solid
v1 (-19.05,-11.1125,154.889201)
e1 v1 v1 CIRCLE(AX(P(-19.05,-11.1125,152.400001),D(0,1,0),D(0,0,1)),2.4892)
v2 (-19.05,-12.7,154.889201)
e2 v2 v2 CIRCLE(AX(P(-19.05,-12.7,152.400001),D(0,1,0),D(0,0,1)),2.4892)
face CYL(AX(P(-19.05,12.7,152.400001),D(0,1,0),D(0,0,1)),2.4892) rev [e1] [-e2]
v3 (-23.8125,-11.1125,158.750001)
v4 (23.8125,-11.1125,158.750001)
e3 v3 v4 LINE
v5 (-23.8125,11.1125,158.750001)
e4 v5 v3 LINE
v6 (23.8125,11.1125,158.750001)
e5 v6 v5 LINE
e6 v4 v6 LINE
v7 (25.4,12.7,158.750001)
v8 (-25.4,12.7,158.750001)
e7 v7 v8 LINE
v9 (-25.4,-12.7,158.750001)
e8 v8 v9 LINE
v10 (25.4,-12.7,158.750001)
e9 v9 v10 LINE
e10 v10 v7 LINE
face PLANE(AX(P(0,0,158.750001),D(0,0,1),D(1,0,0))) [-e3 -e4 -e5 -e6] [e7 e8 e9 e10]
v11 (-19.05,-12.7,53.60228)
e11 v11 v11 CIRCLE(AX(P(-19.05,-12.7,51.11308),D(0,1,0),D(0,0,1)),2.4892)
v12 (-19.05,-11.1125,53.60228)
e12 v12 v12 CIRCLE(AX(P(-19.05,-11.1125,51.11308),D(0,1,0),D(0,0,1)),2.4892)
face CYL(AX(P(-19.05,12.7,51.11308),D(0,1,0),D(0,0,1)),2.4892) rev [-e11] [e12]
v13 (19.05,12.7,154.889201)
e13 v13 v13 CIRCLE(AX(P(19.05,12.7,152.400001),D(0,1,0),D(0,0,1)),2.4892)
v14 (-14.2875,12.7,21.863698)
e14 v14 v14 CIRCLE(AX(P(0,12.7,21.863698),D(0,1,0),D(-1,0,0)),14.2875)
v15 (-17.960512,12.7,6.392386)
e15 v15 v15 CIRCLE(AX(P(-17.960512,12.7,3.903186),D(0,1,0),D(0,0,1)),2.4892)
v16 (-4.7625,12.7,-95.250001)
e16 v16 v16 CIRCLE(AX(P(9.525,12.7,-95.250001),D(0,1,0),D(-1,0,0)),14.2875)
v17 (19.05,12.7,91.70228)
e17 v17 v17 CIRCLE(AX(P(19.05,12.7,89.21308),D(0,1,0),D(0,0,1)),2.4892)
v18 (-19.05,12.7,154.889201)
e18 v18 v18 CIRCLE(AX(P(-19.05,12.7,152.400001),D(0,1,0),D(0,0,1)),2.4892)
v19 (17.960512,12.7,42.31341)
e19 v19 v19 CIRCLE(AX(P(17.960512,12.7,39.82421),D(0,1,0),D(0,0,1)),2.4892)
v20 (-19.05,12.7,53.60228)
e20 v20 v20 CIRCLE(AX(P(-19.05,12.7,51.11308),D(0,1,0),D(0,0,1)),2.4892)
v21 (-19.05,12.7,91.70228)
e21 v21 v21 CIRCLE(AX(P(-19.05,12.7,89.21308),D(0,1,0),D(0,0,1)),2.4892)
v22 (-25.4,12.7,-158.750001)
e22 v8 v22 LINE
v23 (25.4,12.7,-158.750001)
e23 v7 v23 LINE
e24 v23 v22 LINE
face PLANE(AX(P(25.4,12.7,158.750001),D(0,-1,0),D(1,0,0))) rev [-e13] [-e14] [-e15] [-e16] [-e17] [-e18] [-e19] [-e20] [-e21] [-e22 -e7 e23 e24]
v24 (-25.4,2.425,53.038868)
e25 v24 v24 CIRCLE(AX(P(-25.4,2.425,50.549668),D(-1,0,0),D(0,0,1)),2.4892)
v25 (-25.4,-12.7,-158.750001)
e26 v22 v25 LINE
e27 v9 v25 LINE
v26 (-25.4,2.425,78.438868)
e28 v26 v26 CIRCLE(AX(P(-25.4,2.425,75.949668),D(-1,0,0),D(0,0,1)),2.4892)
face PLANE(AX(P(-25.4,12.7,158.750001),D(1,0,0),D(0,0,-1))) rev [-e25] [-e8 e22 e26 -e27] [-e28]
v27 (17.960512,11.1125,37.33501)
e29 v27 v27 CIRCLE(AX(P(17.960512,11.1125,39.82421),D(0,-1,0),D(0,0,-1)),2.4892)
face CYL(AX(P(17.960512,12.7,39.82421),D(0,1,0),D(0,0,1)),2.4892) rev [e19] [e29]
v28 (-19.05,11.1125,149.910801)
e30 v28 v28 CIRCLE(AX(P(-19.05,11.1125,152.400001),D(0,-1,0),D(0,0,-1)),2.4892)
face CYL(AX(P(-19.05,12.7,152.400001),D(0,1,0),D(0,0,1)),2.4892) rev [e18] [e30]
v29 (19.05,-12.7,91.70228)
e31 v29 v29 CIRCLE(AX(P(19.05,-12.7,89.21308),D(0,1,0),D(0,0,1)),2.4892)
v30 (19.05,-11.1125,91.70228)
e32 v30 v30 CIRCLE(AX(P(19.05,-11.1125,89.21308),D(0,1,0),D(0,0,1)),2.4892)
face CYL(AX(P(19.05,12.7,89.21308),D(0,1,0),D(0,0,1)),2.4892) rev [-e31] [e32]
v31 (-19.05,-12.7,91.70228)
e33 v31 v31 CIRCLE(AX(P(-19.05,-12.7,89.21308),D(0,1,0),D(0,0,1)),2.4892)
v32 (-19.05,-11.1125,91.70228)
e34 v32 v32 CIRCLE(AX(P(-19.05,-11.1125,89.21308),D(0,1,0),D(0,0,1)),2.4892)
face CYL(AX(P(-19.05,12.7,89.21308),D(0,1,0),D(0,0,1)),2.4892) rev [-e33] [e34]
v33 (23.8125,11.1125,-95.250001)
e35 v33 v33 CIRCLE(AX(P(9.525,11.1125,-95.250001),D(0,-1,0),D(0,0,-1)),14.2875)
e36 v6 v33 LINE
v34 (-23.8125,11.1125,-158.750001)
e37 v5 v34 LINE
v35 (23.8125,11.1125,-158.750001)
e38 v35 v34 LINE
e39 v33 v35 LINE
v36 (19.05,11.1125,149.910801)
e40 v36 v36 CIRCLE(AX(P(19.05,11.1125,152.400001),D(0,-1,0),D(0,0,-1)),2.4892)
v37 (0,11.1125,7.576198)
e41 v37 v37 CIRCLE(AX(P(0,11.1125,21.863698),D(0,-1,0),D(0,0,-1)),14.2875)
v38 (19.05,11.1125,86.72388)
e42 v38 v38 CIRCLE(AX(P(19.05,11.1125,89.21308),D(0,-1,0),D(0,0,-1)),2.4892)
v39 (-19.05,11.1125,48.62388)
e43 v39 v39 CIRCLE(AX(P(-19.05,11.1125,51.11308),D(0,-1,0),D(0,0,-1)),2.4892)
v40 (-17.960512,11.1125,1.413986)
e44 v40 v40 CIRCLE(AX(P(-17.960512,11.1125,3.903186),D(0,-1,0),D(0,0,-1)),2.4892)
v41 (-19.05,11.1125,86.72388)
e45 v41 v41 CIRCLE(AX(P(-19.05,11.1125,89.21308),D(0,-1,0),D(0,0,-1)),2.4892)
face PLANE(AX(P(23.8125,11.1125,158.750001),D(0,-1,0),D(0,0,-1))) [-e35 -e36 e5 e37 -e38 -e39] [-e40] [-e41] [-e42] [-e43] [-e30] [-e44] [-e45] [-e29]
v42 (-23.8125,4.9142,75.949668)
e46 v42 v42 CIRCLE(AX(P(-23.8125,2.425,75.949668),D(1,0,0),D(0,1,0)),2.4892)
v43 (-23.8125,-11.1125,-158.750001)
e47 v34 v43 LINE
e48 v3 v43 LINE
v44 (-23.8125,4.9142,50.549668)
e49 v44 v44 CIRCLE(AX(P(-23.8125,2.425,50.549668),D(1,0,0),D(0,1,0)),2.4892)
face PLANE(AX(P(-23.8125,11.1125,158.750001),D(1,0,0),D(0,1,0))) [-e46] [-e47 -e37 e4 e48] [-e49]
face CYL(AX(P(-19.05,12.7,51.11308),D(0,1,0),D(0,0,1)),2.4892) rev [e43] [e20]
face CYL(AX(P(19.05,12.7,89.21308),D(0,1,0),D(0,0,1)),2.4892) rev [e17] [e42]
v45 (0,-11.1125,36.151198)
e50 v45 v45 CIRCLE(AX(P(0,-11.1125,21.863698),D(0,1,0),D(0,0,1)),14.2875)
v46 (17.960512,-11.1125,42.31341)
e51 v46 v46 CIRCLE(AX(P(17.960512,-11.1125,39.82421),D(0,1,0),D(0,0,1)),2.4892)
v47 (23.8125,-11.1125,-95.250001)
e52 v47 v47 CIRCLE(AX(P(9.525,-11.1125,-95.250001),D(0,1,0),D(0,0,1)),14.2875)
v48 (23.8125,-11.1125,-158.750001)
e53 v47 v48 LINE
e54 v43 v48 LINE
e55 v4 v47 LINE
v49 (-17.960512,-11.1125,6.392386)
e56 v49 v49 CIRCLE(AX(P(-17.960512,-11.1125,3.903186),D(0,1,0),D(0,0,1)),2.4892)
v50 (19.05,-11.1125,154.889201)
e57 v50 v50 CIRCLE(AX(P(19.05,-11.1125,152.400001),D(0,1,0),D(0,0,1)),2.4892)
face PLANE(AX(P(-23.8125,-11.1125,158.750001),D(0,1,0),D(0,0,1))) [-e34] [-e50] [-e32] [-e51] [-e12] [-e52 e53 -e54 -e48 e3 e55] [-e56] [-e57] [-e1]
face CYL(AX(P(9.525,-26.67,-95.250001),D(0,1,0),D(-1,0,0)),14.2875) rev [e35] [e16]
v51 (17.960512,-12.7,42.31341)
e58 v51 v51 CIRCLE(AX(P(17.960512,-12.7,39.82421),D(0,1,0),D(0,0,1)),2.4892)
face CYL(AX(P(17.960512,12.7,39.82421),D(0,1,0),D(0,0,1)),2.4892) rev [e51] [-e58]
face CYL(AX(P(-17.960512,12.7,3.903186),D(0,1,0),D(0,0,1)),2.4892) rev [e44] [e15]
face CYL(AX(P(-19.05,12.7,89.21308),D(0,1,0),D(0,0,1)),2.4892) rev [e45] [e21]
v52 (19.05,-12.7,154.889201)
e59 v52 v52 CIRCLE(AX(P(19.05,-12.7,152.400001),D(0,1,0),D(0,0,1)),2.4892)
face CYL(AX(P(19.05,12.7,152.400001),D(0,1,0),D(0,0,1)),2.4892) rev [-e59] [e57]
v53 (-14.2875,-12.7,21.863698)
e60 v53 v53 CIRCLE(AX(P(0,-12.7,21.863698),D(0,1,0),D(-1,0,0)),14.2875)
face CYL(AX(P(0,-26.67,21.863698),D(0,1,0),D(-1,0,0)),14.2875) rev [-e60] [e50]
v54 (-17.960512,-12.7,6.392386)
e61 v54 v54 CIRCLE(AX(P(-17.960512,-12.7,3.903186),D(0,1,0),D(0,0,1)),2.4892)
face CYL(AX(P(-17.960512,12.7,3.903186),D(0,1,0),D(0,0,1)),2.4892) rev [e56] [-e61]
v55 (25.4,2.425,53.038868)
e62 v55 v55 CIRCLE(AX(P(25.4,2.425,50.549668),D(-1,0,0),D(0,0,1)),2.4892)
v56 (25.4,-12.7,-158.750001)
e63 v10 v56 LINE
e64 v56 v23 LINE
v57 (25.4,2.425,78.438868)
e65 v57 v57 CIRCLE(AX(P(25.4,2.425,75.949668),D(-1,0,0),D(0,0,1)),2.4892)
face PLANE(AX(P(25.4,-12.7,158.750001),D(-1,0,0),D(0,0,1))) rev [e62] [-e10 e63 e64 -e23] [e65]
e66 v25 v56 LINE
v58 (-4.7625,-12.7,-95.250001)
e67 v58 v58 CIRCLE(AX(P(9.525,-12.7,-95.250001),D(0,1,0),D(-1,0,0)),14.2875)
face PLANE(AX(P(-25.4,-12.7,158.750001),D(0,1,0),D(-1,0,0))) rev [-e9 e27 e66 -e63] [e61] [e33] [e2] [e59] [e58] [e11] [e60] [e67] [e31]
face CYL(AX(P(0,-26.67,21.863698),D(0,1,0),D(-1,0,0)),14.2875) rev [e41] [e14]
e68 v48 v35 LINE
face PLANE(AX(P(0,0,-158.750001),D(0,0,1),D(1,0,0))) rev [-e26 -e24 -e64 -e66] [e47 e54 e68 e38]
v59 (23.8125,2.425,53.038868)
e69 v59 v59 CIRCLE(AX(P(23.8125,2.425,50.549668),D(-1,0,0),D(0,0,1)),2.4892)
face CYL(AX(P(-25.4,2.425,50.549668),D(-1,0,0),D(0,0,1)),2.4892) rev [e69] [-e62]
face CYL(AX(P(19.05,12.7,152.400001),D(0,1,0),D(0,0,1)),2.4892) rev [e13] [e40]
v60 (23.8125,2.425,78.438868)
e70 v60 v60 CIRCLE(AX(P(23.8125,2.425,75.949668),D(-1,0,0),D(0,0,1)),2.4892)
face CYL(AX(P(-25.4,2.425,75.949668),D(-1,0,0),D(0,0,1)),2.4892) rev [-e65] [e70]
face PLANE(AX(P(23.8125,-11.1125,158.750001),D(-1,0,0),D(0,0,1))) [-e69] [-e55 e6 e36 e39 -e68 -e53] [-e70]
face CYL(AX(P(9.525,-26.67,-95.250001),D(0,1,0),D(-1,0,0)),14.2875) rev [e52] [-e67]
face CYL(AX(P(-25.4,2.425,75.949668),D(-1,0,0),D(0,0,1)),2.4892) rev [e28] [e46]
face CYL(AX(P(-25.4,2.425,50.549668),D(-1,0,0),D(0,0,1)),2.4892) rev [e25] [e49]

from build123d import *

# Parameters (mm, degrees)
BOSS_EXTRUDE1_DEPTH      = 158.750001
BOSS_EXTRUDE1_DEPTH_BACK = 158.750001
SKETCH3_W                = 50.8
SKETCH3_H                = 25.4
SKETCH3_W_2              = 47.625
SKETCH3_H_2              = 22.225
SKETCH4_R                = 14.2875
CUT_EXTRUDE1_DEPTH       = 39.37
F_10_CLEARANCE_HOLE1_D   = 4.9784
F_10_CLEARANCE_HOLE2_D   = 4.9784
F_10_CLEARANCE_HOLE3_D   = 4.9784


with BuildPart() as part:
    # Sketch3 → Boss-Extrude1 (new, two sides: drawn at the far end of the back side and taken through both)
    with BuildSketch(Plane.XY.offset(-BOSS_EXTRUDE1_DEPTH_BACK)):
        Rectangle(SKETCH3_W, SKETCH3_H)
        Rectangle(SKETCH3_W_2, SKETCH3_H_2, mode=Mode.SUBTRACT)
    extrude(amount=BOSS_EXTRUDE1_DEPTH + BOSS_EXTRUDE1_DEPTH_BACK)

    # Sketch4 → Cut-Extrude1 (cut)
    with BuildSketch(Plane(origin=(0, 12.7, 0), x_dir=(1, 0, 0), z_dir=(0, 1, 0))):
        with Locations(Location((9.525, 95.250000508, 0), (0, 0, 180))):
            Circle(SKETCH4_R)
        with Locations(Location((0, -21.863697987, 0), (0, 0, 180))):
            Circle(SKETCH4_R)
    extrude(amount=-CUT_EXTRUDE1_DEPTH, mode=Mode.SUBTRACT)

    # #10 Clearance Hole1 (through all)
    with Locations(Plane(origin=(0, 12.7, 0), x_dir=(1, 0, 0), z_dir=(0, 1, 0))):
        with Locations((-17.960512242, -3.903185745), (17.960512242, -39.824210229)):
            Hole(F_10_CLEARANCE_HOLE1_D / 2)

    # #10 Clearance Hole2 (through all)
    with Locations(Plane.ZY.offset(25.4)):
        with Locations((50.549668409, 2.425), (75.949668409, 2.425)):
            Hole(F_10_CLEARANCE_HOLE2_D / 2)

    # #10 Clearance Hole3 (through all)
    with Locations(Plane(origin=(0, 12.7, 0), x_dir=(1, 0, 0), z_dir=(0, 1, 0))):
        with Locations((-19.05, -51.113080493), (-19.05, -89.213080493), (19.05, -89.213080493), (19.05, -152.400000508), (-19.05, -152.400000508)):
            Hole(F_10_CLEARANCE_HOLE3_D / 2)


solid = part.part
